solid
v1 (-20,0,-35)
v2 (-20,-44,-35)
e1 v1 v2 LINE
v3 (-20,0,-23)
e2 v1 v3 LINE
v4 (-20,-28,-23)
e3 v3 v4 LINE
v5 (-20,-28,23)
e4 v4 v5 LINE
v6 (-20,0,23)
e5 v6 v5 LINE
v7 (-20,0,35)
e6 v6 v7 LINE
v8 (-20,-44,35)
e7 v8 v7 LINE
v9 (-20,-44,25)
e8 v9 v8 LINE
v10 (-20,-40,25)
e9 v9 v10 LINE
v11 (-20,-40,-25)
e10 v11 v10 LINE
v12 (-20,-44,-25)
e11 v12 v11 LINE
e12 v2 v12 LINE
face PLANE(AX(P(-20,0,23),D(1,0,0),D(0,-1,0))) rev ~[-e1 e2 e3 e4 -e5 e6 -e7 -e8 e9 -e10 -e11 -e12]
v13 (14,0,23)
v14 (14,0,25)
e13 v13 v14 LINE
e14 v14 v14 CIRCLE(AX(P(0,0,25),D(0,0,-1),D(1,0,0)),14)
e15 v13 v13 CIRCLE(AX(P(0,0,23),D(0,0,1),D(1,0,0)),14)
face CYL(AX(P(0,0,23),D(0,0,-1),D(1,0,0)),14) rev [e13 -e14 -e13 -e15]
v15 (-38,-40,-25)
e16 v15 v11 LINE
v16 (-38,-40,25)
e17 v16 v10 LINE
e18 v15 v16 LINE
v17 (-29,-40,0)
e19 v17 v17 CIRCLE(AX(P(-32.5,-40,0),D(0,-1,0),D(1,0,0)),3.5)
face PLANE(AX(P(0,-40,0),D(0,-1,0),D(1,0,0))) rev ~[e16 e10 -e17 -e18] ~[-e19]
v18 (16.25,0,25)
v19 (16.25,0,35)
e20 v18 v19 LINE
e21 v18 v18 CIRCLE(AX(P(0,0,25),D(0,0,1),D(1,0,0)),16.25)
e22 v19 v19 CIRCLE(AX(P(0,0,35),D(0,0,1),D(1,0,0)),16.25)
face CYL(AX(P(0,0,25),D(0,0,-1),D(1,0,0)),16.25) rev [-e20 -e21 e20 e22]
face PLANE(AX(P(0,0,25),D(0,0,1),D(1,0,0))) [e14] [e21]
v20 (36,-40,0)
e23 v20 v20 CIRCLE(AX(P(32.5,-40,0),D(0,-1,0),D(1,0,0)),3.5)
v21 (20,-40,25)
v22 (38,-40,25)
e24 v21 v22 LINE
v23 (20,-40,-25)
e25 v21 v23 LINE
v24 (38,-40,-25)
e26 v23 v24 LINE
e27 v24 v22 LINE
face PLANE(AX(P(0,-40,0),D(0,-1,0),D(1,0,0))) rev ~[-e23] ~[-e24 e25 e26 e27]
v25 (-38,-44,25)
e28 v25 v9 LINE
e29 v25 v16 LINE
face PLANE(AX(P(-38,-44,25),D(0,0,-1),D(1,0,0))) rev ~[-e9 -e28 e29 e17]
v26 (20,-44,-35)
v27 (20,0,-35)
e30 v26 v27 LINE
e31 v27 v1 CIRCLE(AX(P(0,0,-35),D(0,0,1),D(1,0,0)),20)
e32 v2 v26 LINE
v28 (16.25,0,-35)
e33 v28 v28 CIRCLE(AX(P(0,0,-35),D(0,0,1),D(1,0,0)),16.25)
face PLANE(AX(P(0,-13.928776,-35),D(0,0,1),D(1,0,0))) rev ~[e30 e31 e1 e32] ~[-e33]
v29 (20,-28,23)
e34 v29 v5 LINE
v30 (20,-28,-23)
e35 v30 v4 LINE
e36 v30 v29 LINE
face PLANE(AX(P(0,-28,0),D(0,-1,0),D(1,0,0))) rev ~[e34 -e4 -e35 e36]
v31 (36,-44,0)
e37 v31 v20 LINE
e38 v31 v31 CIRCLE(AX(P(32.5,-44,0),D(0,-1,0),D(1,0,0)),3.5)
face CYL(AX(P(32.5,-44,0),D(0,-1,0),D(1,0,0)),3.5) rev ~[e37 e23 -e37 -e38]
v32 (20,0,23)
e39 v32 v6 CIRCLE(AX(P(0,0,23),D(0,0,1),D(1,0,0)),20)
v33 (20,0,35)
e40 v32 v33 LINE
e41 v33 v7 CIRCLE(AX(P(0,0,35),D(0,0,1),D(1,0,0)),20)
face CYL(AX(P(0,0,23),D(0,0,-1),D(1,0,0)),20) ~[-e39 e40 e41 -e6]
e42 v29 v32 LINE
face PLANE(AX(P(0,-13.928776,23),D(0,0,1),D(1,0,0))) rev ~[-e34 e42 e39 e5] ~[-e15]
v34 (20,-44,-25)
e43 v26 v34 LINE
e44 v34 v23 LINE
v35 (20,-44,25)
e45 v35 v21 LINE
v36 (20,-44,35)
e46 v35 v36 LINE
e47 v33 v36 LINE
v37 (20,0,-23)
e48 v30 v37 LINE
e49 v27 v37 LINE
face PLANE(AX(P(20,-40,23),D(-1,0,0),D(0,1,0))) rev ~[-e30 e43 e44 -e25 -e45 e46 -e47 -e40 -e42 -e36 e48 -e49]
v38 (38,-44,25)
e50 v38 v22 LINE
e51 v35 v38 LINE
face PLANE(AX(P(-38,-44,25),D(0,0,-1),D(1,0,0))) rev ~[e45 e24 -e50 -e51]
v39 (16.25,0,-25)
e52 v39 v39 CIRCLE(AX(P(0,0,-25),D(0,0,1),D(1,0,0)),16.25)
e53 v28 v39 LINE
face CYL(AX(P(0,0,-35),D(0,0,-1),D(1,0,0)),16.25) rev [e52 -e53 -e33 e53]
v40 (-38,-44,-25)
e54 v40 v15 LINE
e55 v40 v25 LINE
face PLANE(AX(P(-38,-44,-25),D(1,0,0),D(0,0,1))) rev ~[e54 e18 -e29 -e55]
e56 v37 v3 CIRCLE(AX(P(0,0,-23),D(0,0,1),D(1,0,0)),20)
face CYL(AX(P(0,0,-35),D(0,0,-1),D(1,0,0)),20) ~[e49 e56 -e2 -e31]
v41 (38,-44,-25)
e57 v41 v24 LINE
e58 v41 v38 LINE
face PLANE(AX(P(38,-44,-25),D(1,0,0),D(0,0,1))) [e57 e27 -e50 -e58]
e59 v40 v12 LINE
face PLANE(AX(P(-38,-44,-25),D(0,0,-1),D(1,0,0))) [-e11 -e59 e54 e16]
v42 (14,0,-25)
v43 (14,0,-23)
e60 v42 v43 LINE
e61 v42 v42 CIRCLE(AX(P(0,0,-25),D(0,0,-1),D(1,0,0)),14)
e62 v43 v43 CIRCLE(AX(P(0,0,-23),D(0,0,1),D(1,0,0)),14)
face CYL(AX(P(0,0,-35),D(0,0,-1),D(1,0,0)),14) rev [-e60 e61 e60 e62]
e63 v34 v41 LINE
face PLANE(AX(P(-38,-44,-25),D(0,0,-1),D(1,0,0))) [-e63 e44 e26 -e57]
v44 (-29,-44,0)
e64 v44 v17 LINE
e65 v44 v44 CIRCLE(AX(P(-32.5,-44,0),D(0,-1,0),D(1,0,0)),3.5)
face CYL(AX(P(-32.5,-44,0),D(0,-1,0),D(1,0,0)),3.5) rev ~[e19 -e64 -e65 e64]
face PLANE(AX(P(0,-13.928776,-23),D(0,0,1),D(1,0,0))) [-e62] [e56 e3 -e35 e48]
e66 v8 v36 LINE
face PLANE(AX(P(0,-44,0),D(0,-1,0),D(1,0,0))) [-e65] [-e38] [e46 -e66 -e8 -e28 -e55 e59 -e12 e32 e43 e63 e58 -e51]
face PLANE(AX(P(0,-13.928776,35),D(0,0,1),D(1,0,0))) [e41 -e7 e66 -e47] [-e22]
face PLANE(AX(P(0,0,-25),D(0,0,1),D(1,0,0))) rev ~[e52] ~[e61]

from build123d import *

# Parameters (mm, degrees)
SKETCH002_AS_DRAWN_W                 = 76
SKETCH002_AS_DRAWN_H                 = 50
SKETCH002_AS_DRAWN_R                 = 3.5
EXTRUDE003_DEPTH                     = 4
EXTRUDE003_ONTO_SKETCH002_ROLL_ANGLE = 90
CYLINDER_R                           = 16.25
CYLINDER_DEPTH                       = 10
SKETCH_R                             = 14
EXTRUDE001_DEPTH                     = 12
CYLINDER001_R                        = 16.25
CYLINDER001_DEPTH                    = 10
EXTRUDE_DEPTH                        = 12
SKETCH001_AS_DRAWN_W                 = 40
SKETCH001_AS_DRAWN_H                 = 70
EXTRUDE002_DEPTH                     = 16
EXTRUDE002_ONTO_SKETCH001_ROLL_ANGLE = 90


with BuildPart() as extrude003:
    # Sketch002 as drawn → Extrude003 (new)
    with BuildSketch(Plane.XY):
        Rectangle(SKETCH002_AS_DRAWN_W, SKETCH002_AS_DRAWN_H)
        with Locations((-32.5, 0)):
            Circle(SKETCH002_AS_DRAWN_R, mode=Mode.SUBTRACT)
        with Locations((32.5, 0)):
            Circle(SKETCH002_AS_DRAWN_R, mode=Mode.SUBTRACT)
    extrude(amount=-EXTRUDE003_DEPTH)


with BuildPart() as extrude003_1:
    # Extrude003 onto Sketch002 roll: moved
    add(extrude003.part.rotate(Axis((0, 0, 0), (1, 0, 0)), EXTRUDE003_ONTO_SKETCH002_ROLL_ANGLE))


with BuildPart() as extrude003_2:
    # Extrude003 onto Sketch002 placement: moved
    add(extrude003_1.part)


with BuildPart() as extrude003_3:
    # Extrude003 placement: moved
    add(extrude003_2.part.moved(Location((0, -44, 0))))


with BuildPart() as cylinder:
    # Cylinder → Cylinder (new body)
    with BuildSketch(Plane.XY):
        Circle(CYLINDER_R)
    extrude(amount=CYLINDER_DEPTH)


with BuildPart() as barin_nest_l_cut:
    # Sketch → Extrude001 (new body)
    with BuildSketch(Plane.XY):
        with BuildLine():
            ThreePointArc((20, 0), (0, 20), (-20, 0))
            Line((-20, 0), (-20, -40))
            Line((-20, -40), (20, -40))
            Line((20, -40), (20, 0))
        make_face()
        Circle(SKETCH_R, mode=Mode.SUBTRACT)
    extrude(amount=EXTRUDE001_DEPTH)

    # Cut: cut Cylinder
    add(cylinder.part, mode=Mode.SUBTRACT)


with BuildPart() as barin_nest_l_cut_1:
    # Cut placement: moved
    add(barin_nest_l_cut.part.moved(Location((0, 0, -35))))


with BuildPart() as cylinder001:
    # Cylinder001 → Cylinder001 (new body)
    with BuildSketch(Plane.XY.offset(2)):
        Circle(CYLINDER001_R)
    extrude(amount=CYLINDER001_DEPTH)


with BuildPart() as bearing_nest_r_cut:
    # Sketch → Extrude (new body)
    with BuildSketch(Plane.XY):
        with BuildLine():
            ThreePointArc((20, 0), (0, 20), (-20, 0))
            Line((-20, 0), (-20, -40))
            Line((-20, -40), (20, -40))
            Line((20, -40), (20, 0))
        make_face()
        Circle(SKETCH_R, mode=Mode.SUBTRACT)
    extrude(amount=EXTRUDE_DEPTH)

    # Cut001: cut Cylinder001
    add(cylinder001.part, mode=Mode.SUBTRACT)


with BuildPart() as bearing_nest_r_cut_1:
    # Cut001 placement: moved
    add(bearing_nest_r_cut.part.moved(Location((0, 0, 23))))


with BuildPart() as fusion:
    # Sketch001 as drawn → Extrude002 (new)
    with BuildSketch(Plane.XY):
        Rectangle(SKETCH001_AS_DRAWN_W, SKETCH001_AS_DRAWN_H)
    extrude(amount=-EXTRUDE002_DEPTH)


with BuildPart() as fusion_1:
    # Extrude002 onto Sketch001 roll: moved
    add(fusion.part.rotate(Axis((0, 0, 0), (1, 0, 0)), EXTRUDE002_ONTO_SKETCH001_ROLL_ANGLE))


with BuildPart() as fusion_2:
    # Extrude002 onto Sketch001 placement: moved
    add(fusion_1.part)


with BuildPart() as fusion_3:
    # Extrude002 placement: moved
    add(fusion_2.part.moved(Location((0, -44, 0))))

    # Fusion: union Extrude003, barin-nest-l-cut, bearing-nest-r-cut
    add(extrude003_3.part)
    add(barin_nest_l_cut_1.part)
    add(bearing_nest_r_cut_1.part)


solid = fusion_3.part
